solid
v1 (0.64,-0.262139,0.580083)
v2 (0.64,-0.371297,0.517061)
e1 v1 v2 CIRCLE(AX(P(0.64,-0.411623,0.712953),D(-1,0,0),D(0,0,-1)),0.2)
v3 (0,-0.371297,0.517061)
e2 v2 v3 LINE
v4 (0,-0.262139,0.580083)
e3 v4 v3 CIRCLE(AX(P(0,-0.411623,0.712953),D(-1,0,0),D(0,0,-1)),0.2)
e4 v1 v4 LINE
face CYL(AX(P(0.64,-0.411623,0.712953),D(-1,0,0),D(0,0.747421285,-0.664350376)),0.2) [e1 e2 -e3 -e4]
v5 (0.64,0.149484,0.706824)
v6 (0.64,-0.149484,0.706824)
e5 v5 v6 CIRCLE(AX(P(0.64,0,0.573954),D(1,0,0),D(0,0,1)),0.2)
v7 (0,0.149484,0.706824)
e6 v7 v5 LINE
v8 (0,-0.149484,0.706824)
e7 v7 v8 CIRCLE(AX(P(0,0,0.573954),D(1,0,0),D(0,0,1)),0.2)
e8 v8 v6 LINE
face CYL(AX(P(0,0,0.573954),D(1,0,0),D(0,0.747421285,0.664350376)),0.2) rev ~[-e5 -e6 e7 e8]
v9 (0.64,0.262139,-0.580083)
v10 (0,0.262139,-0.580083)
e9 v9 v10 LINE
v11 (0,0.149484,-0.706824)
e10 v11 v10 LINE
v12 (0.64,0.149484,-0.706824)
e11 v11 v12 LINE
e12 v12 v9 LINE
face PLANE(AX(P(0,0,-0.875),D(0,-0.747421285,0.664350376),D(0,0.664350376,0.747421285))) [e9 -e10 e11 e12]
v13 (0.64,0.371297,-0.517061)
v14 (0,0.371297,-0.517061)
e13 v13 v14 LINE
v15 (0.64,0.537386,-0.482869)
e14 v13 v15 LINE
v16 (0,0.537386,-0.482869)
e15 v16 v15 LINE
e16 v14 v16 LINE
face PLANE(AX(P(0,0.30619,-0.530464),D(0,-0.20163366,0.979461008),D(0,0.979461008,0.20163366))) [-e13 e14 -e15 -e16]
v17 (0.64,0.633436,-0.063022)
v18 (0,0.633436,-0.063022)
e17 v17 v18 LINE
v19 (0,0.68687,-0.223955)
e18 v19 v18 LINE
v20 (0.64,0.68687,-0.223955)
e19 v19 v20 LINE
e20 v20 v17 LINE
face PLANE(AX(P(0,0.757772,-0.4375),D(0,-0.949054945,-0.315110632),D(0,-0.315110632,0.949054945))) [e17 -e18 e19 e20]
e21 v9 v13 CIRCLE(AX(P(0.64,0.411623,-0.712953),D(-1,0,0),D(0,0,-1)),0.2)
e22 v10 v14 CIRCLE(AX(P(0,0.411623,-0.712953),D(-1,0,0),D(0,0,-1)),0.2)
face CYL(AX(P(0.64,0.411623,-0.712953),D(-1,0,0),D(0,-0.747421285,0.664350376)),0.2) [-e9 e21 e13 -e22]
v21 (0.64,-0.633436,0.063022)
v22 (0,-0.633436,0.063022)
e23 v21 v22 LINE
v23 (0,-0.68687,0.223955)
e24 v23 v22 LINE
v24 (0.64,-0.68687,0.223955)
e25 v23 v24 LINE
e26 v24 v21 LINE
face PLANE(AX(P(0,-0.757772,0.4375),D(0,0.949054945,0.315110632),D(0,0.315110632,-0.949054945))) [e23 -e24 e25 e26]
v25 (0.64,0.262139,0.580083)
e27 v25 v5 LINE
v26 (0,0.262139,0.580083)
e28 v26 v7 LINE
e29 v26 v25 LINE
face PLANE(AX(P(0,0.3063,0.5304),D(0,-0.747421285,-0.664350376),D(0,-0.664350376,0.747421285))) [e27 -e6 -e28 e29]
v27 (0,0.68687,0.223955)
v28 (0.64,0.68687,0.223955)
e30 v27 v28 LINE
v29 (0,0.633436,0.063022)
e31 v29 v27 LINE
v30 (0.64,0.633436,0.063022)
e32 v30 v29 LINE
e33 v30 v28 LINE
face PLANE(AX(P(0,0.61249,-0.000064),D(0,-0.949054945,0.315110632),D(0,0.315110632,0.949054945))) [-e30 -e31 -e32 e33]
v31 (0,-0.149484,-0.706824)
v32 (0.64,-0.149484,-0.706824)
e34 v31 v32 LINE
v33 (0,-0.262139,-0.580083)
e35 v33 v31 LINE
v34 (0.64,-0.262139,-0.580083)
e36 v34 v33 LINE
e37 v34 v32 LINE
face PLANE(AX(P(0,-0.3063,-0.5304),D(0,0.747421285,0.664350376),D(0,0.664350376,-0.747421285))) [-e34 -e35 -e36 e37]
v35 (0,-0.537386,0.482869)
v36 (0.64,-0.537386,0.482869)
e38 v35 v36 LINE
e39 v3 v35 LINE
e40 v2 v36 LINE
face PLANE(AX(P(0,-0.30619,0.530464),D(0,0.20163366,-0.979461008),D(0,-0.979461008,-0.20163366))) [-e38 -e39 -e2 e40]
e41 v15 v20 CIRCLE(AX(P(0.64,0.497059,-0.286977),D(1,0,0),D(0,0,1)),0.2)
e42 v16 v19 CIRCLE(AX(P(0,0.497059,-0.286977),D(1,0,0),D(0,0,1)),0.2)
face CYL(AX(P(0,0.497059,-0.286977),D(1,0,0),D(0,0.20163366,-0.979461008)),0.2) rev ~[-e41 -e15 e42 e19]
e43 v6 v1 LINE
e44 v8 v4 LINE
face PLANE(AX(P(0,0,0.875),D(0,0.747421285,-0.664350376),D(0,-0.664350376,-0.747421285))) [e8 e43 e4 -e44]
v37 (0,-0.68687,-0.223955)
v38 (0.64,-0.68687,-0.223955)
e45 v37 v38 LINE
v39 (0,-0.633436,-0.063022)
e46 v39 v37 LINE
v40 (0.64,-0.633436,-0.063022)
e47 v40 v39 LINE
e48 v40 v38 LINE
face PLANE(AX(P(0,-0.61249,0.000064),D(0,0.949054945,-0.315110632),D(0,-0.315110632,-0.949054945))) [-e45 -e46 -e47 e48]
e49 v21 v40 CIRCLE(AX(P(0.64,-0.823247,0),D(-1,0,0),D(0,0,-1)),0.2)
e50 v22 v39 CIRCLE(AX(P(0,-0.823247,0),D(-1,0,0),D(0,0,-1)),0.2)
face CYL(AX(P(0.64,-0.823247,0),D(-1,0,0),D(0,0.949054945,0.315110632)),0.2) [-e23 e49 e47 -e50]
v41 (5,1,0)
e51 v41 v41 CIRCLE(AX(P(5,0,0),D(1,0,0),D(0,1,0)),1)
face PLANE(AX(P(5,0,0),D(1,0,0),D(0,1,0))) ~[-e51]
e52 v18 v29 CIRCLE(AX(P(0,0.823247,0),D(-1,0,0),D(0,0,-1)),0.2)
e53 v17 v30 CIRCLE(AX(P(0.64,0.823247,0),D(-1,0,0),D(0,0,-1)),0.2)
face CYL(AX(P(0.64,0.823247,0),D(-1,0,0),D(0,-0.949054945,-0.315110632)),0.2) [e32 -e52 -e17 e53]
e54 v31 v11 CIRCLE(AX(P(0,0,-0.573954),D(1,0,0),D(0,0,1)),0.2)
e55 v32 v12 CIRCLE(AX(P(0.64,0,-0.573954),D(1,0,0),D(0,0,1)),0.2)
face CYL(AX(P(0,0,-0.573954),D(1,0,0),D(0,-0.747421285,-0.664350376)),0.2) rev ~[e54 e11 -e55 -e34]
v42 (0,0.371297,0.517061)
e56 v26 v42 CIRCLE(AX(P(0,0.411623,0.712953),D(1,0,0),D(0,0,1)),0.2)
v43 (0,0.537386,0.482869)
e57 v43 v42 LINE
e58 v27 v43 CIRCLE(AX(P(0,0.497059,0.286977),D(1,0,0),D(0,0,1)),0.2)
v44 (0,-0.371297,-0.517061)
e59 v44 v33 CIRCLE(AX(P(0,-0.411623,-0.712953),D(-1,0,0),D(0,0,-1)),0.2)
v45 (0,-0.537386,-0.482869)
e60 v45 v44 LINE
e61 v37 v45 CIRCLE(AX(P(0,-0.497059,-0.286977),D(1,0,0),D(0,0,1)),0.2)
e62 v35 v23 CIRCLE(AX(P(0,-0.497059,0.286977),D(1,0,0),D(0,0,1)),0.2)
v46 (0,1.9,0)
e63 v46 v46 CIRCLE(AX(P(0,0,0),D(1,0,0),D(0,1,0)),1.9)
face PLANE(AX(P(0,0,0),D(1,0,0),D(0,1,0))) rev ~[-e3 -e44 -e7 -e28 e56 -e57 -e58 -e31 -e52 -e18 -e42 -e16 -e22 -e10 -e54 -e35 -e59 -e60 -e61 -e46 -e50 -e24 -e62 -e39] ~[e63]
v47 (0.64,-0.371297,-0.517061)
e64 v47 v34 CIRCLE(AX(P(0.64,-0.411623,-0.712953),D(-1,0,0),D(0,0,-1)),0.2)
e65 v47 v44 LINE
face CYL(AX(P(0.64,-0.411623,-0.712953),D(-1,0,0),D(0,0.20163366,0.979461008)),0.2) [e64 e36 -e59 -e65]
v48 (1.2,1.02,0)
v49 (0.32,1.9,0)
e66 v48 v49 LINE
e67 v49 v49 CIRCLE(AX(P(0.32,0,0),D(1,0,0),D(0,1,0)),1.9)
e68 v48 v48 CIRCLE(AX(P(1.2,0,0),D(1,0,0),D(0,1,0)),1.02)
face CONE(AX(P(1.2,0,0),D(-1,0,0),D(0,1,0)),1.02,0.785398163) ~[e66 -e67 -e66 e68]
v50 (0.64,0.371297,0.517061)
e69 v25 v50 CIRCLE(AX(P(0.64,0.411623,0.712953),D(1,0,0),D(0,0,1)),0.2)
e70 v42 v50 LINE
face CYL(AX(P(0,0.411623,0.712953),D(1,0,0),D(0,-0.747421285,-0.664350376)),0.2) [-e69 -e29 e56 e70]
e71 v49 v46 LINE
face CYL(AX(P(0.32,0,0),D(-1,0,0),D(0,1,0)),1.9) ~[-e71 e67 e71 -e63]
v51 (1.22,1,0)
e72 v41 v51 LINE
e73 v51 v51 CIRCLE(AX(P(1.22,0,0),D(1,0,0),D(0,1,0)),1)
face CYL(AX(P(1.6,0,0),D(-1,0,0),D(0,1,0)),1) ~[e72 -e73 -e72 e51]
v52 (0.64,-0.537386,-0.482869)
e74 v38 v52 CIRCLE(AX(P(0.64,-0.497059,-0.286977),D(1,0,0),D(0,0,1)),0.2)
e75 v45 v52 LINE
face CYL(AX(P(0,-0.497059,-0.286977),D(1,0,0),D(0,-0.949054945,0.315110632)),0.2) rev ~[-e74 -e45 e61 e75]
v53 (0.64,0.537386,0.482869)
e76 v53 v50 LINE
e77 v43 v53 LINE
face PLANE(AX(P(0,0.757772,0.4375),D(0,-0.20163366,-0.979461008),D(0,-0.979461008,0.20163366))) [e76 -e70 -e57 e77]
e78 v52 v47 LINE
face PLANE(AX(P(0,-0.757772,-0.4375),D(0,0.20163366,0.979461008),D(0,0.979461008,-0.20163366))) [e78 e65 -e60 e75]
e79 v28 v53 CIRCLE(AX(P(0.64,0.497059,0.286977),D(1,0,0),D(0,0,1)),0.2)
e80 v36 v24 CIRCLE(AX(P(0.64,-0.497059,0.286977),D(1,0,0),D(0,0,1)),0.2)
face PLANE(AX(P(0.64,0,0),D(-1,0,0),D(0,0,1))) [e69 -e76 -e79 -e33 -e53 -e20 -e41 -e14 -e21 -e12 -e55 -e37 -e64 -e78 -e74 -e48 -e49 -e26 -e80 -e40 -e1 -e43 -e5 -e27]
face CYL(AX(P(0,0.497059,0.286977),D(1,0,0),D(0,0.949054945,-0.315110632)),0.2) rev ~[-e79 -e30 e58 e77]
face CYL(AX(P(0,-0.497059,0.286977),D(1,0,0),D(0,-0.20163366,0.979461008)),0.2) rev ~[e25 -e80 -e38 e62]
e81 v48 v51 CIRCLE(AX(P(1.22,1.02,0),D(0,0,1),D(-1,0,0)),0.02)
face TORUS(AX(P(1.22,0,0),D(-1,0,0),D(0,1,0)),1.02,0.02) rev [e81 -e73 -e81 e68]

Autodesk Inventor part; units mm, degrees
ref_plane "YZ Plane" through (0, 0, 0) normal (1, 0, 0) x (0, 1, 0)
ref_plane "XZ Plane" through (0, 0, 0) normal (0, 1, 0) x (-1, 0, 0)
ref_plane "XY Plane" through (0, 0, 0) normal (0, 0, 1) x (1, 0, 0)
sketch "Sketch1" plane through (0, 0, 0) normal (0, 0, 1) x (1, 0, 0)
  line L0 (0, 0) -> (5, 0)
  line L1 (5, 0) -> (5, 1)
  line L2 (5, 1) -> (1.8, 1)
  line L3 (1.8, 1) -> (1.6, 1)
  line L4 (1.6, 1) -> (1.22, 1)
  line L5 (1.2, 1.02) -> (1.2, 1.02)
  line L6 (1.2, 1.02) -> (0.32, 1.9)
  line L7 (0.32, 1.9) -> (0, 1.9)
  line L8 (0, 1.9) -> (0, 0)
  line L9 (1.2, 1.02) -> (1.2, 1.02)
  arc A0 (1.2, 1.02) -> (1.22, 1) centre (1.22, 1.02) ccw
  dimension "d17" = 5
  dimension "d18" = 0.32
  dimension "d19" = 1.2
  dimension "d20" = 0
  dimension "d21" = 3.8
  dimension "d22" = 2
  dimension "d23" = 2
  dimension "d25" = 45
  dimension "d26" = 0.2
  dimension "d28" = 0.02
  dimension "d29" = 3.2
  dimension "d30" = 0.02
  dimension "d52" = 0.6
revolve "Revolution1" add sketch "Sketch1" angle 360 about axis through (0, 0, 0) along (1, 0, 0)
thread "Thread1" size "M2x0.4" class "6g" standard "ISO Metric profile" length 3.2
sketch "Sketch2" plane through (0, 0, 0) normal (-1, 0, 0) x (0, 0, 1)
  circle A0 centre (0, 0) radius 0.875 construction
  circle A1 centre (0, 0) radius 0.6125 construction
  line L0 (0, 0) -> (0.5304, 0.3063)
  line L1 (0, 0) -> (0.6125, 0) construction
  line L2 (0, 0) -> (0.5304, -0.3063)
  line L3 (0, 0) -> (0.6125, 0) construction
  line L4 (0.5304, 0.3063) -> (0.875, 0)
  line L5 (0.875, 0) -> (0.5304, -0.3063)
  dimension "d34" = 1.75
  dimension "d35" = 1.225
  dimension "d39" = 30
  dimension "d40" = 330
extrude "Extrusion1" cut sketch "Sketch2" against normal blind 0.64
pattern_circular "Circular Pattern1" count 6 over 360 about axis through (-10, 0, 0) along (1, 0, 0) of "Extrusion1"
fillet "Fillet1" radius 0.2 12 edges at (0.32, 0.3063, 0.5304) (0.32, 0, 0.875) (0.32, -0.3063, 0.5304) (0.32, -0.6125, 0) (0.32, -0.7578, 0.4375) (0.32, -0.7578, -0.4375) (0.32, -0.3062, -0.5304) (0.32, 0, -0.875) (0.32, 0.3063, -0.5304) (0.32, 0.7578, -0.4375) (0.32, 0.6125, 0) (0.32, 0.7578, 0.4375)
equation "\"d32\" = b"
equation "\"d34\" = A_"
equation "\"d35\" = 0.7 * A_"
equation "\"d43\" = t"
equation "\"d48\" = v"
equation "\"d17\" = l_"
equation "\"d18\" = 0.5 * t"
equation "\"d19\" = k"
equation "\"d21\" = dk"
equation "\"d22\" = d"
equation "\"d23\" = ds_"
equation "\"d25\" = 0.5 * headAngle"
equation "\"d26\" = x"
equation "\"d28\" = r"
equation "\"d29\" = b"
equation "\"b\" = 3.2"
equation "\"A_\" = 1.75"
equation "\"t\" = 0.64"
equation "\"v\" = 0.2"
equation "\"l_\" = 5"
equation "\"k\" = 1.2"
equation "\"dk\" = 3.8"
equation "\"d\" = 2"
equation "\"ds_\" = 2"
equation "\"headAngle\" = 90deg"
equation "\"x\" = 0.2"
equation "\"r\" = 0.02"
properties part number "Senkkopfschraube mit Innenrund ISO 14581 - M2x5-8.8" material "Stahl"
